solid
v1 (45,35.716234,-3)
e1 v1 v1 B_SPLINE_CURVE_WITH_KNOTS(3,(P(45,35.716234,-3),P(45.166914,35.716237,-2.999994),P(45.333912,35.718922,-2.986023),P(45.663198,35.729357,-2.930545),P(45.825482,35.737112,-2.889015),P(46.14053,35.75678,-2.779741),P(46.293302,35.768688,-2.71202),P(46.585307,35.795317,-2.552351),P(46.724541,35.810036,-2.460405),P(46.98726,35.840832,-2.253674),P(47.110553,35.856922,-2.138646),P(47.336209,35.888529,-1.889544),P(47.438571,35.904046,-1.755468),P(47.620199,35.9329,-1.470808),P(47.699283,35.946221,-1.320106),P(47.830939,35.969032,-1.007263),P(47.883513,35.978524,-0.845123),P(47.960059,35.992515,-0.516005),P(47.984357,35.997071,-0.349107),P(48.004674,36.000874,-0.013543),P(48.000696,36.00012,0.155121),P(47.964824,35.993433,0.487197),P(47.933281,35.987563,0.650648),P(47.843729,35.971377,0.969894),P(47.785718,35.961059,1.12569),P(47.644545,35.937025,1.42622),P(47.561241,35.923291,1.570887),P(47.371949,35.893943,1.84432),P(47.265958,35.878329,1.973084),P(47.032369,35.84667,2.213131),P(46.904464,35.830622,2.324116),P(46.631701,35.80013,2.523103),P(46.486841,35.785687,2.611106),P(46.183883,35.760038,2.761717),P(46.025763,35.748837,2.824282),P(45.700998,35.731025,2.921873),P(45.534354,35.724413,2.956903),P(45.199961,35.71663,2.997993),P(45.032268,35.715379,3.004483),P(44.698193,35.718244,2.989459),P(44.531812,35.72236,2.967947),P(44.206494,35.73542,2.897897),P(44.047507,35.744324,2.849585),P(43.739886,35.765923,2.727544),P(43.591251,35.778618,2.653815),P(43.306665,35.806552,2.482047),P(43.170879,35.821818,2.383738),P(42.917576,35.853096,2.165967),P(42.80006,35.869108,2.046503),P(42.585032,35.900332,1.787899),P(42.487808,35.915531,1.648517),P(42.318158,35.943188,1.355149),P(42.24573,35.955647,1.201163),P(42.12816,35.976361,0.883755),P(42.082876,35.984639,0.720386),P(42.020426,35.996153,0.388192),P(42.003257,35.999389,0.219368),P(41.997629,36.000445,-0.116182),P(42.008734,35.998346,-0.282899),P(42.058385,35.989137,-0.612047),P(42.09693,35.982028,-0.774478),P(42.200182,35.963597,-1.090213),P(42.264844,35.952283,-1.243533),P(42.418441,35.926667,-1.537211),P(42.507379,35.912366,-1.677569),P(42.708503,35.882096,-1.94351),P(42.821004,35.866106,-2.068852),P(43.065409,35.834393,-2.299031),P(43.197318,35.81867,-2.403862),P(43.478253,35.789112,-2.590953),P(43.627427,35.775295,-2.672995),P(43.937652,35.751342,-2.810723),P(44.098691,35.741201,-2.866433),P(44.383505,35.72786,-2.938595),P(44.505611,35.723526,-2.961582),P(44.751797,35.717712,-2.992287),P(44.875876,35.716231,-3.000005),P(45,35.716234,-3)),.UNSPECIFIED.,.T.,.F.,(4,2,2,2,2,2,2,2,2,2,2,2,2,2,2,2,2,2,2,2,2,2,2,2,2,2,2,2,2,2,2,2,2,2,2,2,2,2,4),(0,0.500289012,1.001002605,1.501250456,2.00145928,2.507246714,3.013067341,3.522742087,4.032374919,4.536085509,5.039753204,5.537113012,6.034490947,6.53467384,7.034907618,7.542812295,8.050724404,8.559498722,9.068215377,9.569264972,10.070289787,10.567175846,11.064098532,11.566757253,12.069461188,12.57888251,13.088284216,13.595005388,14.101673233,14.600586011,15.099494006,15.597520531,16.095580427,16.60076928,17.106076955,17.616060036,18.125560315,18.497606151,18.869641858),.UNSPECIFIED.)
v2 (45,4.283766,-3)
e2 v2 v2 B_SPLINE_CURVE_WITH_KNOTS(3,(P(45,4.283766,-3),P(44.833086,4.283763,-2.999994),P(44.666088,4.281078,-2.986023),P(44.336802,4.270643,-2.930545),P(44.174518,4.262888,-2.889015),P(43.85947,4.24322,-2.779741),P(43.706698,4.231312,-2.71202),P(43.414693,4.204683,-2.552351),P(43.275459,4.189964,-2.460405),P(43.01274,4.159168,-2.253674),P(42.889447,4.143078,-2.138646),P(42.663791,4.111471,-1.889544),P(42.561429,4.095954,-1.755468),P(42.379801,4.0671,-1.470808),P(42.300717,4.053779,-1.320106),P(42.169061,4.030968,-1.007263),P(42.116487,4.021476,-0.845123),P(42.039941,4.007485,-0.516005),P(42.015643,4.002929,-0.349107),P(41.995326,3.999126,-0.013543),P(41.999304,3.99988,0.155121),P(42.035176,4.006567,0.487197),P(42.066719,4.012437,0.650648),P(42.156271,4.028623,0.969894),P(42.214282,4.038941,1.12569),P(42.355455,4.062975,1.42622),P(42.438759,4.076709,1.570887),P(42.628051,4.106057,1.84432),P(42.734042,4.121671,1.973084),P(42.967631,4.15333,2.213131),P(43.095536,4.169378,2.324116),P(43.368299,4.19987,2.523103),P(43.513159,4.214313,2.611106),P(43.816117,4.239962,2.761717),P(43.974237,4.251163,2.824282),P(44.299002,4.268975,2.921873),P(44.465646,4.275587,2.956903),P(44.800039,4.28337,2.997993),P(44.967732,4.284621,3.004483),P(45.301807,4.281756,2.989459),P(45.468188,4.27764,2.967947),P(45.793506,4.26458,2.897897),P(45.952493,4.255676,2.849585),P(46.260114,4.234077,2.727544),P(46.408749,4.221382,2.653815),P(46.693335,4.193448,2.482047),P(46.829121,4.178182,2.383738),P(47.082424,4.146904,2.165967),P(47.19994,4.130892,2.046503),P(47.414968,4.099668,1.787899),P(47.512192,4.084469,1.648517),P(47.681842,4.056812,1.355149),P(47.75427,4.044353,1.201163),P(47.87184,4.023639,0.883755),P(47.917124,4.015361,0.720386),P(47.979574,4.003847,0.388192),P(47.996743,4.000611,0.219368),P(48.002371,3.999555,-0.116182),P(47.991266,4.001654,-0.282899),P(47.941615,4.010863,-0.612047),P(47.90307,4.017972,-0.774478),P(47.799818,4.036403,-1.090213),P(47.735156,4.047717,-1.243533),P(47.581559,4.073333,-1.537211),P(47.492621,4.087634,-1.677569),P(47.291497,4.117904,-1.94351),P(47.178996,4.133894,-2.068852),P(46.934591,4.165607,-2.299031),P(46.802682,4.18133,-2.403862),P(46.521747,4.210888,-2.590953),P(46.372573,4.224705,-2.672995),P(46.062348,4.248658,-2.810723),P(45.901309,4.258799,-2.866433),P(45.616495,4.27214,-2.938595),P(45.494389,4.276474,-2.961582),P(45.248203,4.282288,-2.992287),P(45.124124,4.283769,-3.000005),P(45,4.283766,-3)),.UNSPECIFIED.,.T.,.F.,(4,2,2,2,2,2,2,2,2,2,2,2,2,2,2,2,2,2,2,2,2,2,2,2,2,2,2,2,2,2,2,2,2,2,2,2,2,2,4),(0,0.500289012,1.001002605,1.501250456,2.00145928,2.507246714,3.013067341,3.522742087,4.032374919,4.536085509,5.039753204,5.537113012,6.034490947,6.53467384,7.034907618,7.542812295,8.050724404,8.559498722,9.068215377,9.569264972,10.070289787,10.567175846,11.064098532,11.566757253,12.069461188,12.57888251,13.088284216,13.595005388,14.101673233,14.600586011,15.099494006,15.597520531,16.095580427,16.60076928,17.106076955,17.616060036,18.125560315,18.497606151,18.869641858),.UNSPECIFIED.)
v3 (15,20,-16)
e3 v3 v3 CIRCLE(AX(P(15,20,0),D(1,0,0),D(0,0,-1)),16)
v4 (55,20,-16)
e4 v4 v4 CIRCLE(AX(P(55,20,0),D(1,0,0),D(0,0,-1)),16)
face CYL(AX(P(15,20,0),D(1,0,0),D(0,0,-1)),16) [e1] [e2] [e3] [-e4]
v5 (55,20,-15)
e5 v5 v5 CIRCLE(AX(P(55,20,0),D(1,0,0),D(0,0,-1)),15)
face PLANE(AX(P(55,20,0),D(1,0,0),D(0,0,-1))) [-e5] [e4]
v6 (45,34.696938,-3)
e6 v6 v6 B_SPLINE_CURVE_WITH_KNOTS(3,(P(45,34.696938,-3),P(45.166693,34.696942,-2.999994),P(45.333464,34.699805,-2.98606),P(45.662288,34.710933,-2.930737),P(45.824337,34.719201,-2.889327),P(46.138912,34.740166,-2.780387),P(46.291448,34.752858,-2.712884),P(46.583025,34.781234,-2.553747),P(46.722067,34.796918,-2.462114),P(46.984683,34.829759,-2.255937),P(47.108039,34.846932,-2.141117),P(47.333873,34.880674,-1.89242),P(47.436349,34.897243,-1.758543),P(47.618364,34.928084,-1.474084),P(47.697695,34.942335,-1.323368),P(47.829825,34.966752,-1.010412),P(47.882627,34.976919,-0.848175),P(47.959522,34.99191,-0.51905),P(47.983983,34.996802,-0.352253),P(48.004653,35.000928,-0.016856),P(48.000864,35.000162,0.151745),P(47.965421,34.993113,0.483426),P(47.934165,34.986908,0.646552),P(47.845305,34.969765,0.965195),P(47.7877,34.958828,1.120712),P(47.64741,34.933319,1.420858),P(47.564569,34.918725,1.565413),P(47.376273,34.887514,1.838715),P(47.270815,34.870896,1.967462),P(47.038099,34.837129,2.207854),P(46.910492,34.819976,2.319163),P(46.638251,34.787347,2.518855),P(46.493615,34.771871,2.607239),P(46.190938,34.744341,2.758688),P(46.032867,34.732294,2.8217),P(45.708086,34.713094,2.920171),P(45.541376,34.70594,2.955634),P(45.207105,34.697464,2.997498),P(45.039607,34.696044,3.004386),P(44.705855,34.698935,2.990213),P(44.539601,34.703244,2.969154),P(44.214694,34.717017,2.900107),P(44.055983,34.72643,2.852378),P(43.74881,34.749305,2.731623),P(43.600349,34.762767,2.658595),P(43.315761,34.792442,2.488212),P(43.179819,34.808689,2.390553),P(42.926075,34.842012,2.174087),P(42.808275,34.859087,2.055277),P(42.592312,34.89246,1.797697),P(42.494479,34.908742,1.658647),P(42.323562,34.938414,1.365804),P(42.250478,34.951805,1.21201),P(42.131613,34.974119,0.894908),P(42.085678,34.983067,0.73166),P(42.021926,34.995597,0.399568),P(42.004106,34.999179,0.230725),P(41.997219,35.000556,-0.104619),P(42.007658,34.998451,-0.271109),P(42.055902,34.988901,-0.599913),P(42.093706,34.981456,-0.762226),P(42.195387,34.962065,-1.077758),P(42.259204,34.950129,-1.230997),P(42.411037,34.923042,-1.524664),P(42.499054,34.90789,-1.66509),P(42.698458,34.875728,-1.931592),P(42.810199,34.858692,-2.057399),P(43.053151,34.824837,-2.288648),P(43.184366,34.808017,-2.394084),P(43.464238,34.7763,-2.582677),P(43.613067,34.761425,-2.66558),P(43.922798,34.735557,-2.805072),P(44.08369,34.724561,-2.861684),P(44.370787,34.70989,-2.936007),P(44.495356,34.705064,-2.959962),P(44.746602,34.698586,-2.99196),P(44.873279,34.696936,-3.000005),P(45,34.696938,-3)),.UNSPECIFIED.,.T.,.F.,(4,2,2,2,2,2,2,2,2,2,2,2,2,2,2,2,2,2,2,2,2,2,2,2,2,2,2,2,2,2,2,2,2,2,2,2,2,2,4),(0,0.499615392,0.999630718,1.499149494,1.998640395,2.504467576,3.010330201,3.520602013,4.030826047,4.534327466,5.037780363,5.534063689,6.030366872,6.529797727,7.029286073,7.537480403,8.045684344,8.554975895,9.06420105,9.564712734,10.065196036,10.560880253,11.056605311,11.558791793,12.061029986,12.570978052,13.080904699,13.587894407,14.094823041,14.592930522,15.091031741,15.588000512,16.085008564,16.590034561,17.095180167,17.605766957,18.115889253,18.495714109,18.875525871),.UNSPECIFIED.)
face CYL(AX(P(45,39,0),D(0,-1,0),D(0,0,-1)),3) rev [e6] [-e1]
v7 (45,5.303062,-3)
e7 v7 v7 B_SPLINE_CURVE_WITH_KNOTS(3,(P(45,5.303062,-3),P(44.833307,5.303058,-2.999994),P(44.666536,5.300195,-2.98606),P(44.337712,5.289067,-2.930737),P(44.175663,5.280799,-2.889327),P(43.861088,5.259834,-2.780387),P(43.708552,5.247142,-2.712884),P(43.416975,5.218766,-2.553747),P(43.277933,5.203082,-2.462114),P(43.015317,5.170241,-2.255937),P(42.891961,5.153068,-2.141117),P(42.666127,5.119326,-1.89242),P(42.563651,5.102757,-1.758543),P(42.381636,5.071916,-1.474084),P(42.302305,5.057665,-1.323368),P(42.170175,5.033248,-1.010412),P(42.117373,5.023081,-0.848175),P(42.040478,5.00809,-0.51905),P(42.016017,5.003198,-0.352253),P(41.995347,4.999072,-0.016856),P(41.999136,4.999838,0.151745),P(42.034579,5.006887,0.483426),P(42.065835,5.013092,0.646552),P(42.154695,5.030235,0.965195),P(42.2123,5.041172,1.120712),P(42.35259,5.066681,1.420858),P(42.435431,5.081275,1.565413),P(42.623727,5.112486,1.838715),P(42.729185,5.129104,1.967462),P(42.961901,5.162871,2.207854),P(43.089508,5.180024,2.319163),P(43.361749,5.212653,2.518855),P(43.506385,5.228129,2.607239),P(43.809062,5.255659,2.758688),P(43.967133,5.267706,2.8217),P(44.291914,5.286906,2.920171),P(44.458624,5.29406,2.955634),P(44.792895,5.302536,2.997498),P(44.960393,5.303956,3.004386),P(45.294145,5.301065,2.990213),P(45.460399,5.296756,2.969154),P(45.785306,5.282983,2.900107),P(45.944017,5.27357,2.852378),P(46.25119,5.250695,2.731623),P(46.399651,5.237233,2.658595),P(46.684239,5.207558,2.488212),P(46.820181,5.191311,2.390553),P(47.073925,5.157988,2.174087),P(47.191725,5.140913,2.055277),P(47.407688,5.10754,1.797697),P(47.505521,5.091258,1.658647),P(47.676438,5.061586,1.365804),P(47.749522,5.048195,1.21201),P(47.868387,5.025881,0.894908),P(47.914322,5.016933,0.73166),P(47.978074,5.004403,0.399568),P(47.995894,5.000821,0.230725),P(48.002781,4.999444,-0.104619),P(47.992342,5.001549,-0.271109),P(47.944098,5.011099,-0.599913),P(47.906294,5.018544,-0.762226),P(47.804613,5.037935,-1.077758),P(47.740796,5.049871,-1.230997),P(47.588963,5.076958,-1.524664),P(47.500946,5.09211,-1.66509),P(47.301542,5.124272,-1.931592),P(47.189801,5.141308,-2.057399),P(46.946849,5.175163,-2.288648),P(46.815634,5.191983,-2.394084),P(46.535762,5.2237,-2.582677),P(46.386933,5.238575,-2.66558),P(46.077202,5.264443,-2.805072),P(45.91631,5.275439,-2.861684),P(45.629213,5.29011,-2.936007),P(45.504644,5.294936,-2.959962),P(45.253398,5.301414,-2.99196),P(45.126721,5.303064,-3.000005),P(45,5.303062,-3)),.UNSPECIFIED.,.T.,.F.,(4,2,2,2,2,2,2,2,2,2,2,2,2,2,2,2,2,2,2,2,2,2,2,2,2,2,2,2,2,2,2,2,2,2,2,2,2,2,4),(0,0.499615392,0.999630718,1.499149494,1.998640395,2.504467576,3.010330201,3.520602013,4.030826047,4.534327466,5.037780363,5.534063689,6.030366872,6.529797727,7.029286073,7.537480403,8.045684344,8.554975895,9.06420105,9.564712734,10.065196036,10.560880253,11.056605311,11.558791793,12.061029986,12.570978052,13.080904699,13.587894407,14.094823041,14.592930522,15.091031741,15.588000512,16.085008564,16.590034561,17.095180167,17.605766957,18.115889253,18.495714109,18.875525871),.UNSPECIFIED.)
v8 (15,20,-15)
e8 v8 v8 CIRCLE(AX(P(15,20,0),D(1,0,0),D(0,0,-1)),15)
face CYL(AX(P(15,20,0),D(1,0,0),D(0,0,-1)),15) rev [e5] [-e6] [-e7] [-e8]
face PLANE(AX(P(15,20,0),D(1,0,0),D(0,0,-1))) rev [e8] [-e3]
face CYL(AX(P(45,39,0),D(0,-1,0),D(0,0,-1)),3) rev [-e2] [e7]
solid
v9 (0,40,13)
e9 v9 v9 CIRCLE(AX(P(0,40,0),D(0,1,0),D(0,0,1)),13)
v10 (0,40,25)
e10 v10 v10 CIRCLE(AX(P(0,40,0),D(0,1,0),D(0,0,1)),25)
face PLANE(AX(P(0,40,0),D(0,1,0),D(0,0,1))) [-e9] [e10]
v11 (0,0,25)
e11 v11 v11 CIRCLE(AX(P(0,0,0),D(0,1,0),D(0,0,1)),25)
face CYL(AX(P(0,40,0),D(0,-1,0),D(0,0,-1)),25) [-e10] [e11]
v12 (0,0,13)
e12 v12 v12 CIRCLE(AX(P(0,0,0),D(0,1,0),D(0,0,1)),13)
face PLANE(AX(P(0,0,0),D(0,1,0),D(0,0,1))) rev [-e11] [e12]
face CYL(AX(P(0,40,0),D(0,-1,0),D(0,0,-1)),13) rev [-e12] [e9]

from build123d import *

# Parameters (mm, degrees)
SKETCH1_R           = 25
SKETCH1_R_2         = 13
BOSS_EXTRUDE1_DEPTH = 40
SKETCH2_R           = 16
SKETCH2_R_2         = 15
BOSS_EXTRUDE2_DEPTH = 40
SKETCH3_R           = 3
CUT_EXTRUDE1_DEPTH  = 39


with BuildPart() as part:
    # Sketch1 → Boss-Extrude1 (new body)
    with BuildSketch(Plane(origin=(0, 0, 0), x_dir=(1, 0, 0), z_dir=(0, 1, 0))):
        with Locations(Location((0, 0, 0), (0, 0, 270))):
            Circle(SKETCH1_R)
        with Locations(Location((0, 0, 0), (0, 0, 270))):
            Circle(SKETCH1_R_2, mode=Mode.SUBTRACT)
    extrude(amount=BOSS_EXTRUDE1_DEPTH)


with BuildPart() as body_2:
    # Sketch2 → Boss-Extrude2 (new body)
    with BuildSketch(Plane(origin=(55, 0, 0), x_dir=(0, 0, -1), z_dir=(1, 0, 0))):
        with Locations((0, 20)):
            Circle(SKETCH2_R)
        with Locations((0, 20)):
            Circle(SKETCH2_R_2, mode=Mode.SUBTRACT)
    extrude(amount=-BOSS_EXTRUDE2_DEPTH)

    # Sketch3 → Cut-Extrude1 (cut)
    with BuildSketch(Plane(origin=(0, 0, 0), x_dir=(1, 0, 0), z_dir=(0, 1, 0))):
        with Locations(Location((45, 0, 0), (0, 0, 90))):
            Circle(SKETCH3_R)
    extrude(amount=CUT_EXTRUDE1_DEPTH, mode=Mode.SUBTRACT)


solid = Compound([part.part, body_2.part])
